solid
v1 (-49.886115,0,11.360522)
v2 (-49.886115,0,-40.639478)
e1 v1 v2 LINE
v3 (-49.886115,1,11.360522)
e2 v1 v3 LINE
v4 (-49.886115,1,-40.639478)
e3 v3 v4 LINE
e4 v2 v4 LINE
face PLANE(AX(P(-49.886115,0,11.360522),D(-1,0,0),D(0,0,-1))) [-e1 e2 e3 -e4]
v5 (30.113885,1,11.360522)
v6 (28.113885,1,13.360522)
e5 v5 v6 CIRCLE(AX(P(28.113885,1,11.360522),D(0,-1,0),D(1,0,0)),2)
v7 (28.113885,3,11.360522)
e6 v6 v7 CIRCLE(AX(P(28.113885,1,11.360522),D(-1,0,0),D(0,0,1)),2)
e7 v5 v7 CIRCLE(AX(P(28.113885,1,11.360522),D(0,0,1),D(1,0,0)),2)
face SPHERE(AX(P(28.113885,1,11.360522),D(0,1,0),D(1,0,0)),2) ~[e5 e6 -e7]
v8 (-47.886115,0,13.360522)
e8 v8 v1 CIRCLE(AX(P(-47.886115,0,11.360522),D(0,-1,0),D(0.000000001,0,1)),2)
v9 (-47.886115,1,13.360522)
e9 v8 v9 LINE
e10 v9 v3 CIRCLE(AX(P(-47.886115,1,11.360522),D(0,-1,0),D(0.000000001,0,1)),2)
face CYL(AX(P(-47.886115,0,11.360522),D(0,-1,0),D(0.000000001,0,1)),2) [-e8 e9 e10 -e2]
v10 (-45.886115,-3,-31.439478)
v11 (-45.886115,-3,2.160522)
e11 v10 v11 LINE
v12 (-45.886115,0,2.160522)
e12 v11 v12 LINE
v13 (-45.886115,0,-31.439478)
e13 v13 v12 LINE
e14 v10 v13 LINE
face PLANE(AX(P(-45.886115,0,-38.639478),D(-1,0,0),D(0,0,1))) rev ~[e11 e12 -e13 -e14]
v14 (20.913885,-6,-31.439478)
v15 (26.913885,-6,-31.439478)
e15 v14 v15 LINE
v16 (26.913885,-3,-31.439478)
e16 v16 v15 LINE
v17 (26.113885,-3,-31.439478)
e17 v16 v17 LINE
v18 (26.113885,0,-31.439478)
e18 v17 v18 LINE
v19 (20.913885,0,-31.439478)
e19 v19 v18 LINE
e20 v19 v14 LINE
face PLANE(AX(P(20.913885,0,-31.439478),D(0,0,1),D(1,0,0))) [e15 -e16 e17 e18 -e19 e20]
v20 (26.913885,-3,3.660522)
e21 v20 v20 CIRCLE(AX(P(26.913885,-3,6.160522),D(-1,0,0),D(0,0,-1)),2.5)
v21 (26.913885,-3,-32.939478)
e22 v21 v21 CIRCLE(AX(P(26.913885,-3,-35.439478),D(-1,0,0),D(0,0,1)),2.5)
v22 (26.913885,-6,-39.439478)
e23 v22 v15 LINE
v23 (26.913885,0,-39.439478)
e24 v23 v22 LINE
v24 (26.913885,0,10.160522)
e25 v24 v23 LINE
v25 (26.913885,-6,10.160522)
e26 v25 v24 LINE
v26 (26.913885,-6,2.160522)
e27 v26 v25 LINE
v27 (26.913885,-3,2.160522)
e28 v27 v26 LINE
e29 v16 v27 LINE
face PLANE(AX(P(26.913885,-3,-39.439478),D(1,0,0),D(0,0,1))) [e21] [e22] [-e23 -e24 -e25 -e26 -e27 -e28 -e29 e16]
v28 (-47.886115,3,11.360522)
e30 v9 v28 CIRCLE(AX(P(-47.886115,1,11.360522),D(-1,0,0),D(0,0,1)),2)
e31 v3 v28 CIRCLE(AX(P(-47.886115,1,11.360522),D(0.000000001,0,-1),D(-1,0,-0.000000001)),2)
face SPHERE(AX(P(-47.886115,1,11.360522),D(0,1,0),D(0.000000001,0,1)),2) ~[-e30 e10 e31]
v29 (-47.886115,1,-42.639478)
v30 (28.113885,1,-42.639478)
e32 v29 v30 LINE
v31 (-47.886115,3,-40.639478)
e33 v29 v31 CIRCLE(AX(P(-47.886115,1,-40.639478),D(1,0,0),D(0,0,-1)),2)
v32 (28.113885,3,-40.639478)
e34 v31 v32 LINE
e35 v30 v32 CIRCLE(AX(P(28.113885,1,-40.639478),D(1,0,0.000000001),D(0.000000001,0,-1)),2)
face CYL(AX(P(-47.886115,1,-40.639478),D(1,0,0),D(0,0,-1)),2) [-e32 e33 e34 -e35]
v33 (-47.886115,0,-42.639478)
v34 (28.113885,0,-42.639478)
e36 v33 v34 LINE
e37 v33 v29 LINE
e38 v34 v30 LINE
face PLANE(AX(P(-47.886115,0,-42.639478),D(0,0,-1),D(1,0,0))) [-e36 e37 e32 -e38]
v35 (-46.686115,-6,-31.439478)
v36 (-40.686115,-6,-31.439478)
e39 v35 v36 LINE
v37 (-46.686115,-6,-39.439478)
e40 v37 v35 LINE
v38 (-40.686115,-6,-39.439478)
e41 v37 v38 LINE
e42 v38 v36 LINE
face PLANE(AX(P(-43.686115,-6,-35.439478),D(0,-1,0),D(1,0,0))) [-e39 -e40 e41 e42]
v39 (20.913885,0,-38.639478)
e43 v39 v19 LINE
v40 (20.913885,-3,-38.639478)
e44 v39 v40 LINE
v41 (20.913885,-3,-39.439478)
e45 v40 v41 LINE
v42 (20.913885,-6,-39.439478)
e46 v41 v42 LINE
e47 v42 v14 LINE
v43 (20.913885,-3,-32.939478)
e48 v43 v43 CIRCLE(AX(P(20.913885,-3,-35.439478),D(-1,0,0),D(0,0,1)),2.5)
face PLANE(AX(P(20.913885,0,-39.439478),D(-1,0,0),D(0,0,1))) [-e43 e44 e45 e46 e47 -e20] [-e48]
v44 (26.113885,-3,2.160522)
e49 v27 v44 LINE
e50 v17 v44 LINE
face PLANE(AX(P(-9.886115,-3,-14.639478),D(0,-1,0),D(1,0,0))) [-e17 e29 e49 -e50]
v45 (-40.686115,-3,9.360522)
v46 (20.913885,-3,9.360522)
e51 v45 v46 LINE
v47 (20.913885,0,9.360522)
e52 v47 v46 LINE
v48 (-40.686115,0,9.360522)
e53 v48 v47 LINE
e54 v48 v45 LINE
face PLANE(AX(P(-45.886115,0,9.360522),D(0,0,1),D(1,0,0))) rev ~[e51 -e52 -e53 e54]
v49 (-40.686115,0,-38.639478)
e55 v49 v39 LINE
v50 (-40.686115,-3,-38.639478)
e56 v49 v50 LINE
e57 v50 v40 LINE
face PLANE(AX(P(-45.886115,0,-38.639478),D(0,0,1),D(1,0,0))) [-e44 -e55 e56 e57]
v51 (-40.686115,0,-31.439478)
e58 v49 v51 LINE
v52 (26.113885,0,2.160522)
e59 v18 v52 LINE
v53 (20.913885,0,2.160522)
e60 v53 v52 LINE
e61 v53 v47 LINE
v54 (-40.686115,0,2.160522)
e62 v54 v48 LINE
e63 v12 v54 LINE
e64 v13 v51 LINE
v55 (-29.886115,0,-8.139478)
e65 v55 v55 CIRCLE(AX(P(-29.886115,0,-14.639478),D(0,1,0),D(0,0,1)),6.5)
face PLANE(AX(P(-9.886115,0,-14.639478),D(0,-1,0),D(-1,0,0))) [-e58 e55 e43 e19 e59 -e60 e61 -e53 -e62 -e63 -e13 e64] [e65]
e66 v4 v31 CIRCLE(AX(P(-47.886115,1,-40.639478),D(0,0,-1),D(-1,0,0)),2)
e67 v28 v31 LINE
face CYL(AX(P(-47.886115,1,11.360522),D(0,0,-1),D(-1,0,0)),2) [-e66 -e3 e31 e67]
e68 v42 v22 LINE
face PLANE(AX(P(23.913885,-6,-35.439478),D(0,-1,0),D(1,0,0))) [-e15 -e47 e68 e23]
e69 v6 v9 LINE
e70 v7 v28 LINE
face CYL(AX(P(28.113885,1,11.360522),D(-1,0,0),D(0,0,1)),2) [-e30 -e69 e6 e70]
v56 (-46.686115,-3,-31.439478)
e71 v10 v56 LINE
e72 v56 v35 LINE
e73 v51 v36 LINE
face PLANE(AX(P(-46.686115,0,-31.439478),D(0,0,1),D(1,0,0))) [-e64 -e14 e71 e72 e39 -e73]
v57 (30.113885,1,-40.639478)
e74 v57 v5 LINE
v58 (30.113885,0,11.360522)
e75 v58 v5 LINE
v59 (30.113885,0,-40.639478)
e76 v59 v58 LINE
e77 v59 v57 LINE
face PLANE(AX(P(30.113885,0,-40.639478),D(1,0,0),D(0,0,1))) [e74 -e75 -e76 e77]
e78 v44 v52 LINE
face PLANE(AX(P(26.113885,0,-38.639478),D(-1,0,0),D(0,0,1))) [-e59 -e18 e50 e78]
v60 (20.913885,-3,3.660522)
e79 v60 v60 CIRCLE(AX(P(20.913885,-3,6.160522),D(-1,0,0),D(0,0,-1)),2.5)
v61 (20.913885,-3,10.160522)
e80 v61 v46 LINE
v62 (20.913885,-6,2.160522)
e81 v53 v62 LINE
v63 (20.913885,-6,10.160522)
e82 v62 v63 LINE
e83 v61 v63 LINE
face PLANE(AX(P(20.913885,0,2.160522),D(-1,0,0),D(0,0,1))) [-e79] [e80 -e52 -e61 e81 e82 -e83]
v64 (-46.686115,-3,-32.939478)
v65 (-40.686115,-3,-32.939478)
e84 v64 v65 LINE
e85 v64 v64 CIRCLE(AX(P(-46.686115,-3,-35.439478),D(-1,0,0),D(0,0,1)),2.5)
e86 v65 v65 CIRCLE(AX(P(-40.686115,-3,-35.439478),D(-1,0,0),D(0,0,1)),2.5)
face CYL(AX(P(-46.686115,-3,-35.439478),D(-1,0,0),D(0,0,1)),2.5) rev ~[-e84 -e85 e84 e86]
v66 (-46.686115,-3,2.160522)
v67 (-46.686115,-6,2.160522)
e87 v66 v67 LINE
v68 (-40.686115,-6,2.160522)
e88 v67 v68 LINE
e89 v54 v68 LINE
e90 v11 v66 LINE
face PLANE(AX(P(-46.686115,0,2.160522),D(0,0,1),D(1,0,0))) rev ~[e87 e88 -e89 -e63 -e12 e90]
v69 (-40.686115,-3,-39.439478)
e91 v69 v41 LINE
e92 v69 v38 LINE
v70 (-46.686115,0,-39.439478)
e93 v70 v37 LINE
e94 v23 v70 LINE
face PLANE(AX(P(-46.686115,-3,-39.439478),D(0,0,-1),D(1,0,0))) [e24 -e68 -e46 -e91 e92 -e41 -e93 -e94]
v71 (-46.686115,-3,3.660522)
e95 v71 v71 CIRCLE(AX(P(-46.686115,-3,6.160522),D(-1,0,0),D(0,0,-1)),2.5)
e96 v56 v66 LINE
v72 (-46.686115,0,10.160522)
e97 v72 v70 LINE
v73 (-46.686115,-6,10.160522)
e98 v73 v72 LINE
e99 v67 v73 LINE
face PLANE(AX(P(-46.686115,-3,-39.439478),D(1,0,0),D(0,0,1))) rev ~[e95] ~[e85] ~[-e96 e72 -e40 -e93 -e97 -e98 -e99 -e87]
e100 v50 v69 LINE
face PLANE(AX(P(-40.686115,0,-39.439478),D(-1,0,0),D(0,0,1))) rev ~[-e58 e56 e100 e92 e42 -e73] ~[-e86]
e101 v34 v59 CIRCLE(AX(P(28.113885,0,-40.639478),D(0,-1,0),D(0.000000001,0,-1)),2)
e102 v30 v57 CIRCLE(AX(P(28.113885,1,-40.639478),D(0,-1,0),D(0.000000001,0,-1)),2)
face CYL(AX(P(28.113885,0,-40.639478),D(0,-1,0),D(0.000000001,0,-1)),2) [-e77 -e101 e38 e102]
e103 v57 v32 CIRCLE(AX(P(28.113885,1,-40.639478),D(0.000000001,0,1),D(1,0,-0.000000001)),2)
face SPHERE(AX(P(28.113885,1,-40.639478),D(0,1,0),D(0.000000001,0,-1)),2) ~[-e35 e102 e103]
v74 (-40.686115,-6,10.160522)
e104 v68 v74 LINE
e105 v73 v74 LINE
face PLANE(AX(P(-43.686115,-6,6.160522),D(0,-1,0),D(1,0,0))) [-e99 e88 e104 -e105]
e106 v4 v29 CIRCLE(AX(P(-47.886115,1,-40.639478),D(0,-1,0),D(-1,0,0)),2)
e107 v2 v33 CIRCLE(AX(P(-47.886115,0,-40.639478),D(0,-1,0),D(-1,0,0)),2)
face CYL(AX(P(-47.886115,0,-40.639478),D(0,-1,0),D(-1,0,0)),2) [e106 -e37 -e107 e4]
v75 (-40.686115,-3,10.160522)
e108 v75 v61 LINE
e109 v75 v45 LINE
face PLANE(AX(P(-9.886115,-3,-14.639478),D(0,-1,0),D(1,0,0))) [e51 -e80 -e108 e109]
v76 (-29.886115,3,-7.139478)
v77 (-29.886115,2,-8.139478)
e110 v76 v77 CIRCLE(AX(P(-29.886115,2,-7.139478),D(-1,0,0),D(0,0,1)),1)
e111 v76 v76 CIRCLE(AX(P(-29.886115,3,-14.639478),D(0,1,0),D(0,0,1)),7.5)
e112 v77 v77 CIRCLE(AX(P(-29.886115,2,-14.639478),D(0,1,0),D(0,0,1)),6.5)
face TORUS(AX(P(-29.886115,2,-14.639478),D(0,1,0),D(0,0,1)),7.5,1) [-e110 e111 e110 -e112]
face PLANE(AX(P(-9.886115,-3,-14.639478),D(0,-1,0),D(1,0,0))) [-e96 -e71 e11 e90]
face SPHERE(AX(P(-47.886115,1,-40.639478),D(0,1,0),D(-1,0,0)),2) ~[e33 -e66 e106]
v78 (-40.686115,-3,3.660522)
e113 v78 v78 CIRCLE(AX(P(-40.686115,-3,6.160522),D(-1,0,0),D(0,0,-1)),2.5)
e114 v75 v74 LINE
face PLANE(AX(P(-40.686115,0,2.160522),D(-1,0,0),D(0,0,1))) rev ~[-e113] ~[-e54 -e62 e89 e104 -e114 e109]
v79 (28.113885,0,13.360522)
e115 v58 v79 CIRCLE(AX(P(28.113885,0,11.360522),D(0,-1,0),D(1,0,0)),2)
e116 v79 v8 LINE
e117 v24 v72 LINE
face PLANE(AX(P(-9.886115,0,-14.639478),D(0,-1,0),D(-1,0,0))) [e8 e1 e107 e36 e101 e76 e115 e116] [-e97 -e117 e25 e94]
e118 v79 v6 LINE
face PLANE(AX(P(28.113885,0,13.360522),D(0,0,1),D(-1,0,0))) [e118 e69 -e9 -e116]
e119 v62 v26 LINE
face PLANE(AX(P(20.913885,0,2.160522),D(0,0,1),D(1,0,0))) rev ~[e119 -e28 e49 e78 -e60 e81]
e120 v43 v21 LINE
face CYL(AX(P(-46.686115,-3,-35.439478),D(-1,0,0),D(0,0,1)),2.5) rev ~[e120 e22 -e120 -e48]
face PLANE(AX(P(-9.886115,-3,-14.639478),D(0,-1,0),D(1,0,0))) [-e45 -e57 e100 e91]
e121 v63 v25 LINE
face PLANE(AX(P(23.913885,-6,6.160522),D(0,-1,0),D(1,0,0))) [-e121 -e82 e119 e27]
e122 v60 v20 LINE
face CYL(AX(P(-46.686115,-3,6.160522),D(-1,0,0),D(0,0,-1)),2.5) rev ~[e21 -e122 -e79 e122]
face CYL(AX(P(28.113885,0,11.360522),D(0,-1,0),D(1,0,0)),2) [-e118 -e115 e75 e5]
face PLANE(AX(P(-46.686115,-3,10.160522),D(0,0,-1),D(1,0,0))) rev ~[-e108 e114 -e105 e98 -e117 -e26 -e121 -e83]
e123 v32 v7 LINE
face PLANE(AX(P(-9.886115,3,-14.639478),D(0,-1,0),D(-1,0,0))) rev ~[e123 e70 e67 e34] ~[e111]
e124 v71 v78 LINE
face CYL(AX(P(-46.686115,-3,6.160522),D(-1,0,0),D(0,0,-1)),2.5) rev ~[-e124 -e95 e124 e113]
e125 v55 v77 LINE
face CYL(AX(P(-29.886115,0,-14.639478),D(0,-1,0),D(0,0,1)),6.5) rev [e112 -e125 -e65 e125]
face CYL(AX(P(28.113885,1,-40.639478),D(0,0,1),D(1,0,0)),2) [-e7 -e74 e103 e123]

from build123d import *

# Parameters (mm, degrees)
SKETCH1_R           = 6.5
BOSS_EXTRUDE1_DEPTH = 3
FILLET1_R           = 2
SKETCH3_W           = 74
SKETCH3_H           = 50
SKETCH3_W_2         = 72
SKETCH3_H_2         = 48
BOSS_EXTRUDE2_DEPTH = 3
SKETCH4_W           = 74
SKETCH4_H           = 50
SKETCH4_W_2         = 73.6
SKETCH4_H_2         = 49.6
CUT_EXTRUDE1_DEPTH  = 3
FILLET2_R           = 1
SKETCH6_W           = 6
SKETCH6_H           = 8
BOSS_EXTRUDE3_DEPTH = 6
SKETCH7_R           = 2.5
CUT_EXTRUDE2_DEPTH  = 89.047516081


with BuildPart() as part:
    # Sketch1 → Boss-Extrude1 (new body)
    with BuildSketch(Plane(origin=(0, 0, 0), x_dir=(1, 0, 0), z_dir=(0, 1, 0))):
        with BuildLine():
            Line((-47.886115273, 42.639478046), (28.113884727, 42.639478046))
            ThreePointArc((28.113884727, 42.639478046), (29.528098289, 42.053691608), (30.113884727, 40.639478046))
            Line((30.113884727, 40.639478046), (30.113884727, -11.360521954))
            ThreePointArc((30.113884727, -11.360521954), (29.528098289, -12.774735517), (28.113884727, -13.360521954))
            Line((28.113884727, -13.360521954), (-47.886115273, -13.360521954))
            ThreePointArc((-47.886115273, -13.360521954), (-49.300328836, -12.774735517), (-49.886115273, -11.360521954))
            Line((-49.886115273, -11.360521954), (-49.886115273, 40.639478046))
            ThreePointArc((-49.886115273, 40.639478046), (-49.300328836, 42.053691608), (-47.886115273, 42.639478046))
        make_face()
        with Locations(Location((-29.886115273, 14.639478046, 0), (0, 0, 270))):
            Circle(SKETCH1_R, mode=Mode.SUBTRACT)
    extrude(amount=BOSS_EXTRUDE1_DEPTH)

    # Fillet1
    fillet1_edges = [part.edges().sort_by_distance(p)[0] for p in [
        (29.528098289, 3, -42.053691608),
        (-9.886115273, 3, -42.639478046),
        (-49.300328836, 3, -42.053691608),
        (-49.886115273, 3, -14.639478046),
        (-49.300328836, 3, 12.774735517),
        (-9.886115273, 3, 13.360521954),
        (29.528098289, 3, 12.774735517),
        (30.113884727, 3, -14.639478046),
    ]]
    fillet(fillet1_edges, radius=FILLET1_R)

    # Sketch3 → Boss-Extrude2 (add)
    with BuildSketch(Plane.XZ):
        with Locations((-9.886115273, -14.639478046)):
            Rectangle(SKETCH3_W, SKETCH3_H)
        with Locations((-9.886115273, -14.639478046)):
            Rectangle(SKETCH3_W_2, SKETCH3_H_2, mode=Mode.SUBTRACT)
    extrude(amount=BOSS_EXTRUDE2_DEPTH)

    # Sketch4 → Cut-Extrude1 (cut)
    with BuildSketch(Plane.XZ.offset(3)):
        with Locations((-9.886115273, -14.639478046)):
            Rectangle(SKETCH4_W, SKETCH4_H)
        with Locations((-9.886115273, -14.639478046)):
            Rectangle(SKETCH4_W_2, SKETCH4_H_2, mode=Mode.SUBTRACT)
    extrude(amount=-CUT_EXTRUDE1_DEPTH, mode=Mode.SUBTRACT)

    # Fillet2
    fillet2_edges = [part.edges().sort_by_distance(p)[0] for p in [
        (-29.886115273, 3, -21.139478046),
    ]]
    fillet(fillet2_edges, radius=FILLET2_R)

    # Sketch6 → Boss-Extrude3 (add)
    with BuildSketch(Plane.XZ):
        with Locations((-43.686115273, 6.160521954)):
            Rectangle(SKETCH6_W, SKETCH6_H)
        with Locations((23.913884727, 6.160521954)):
            Rectangle(SKETCH6_W, SKETCH6_H)
        with Locations((23.913884727, -35.439478046)):
            Rectangle(SKETCH6_W, SKETCH6_H)
        with Locations((-43.686115273, -35.439478046)):
            Rectangle(SKETCH6_W, SKETCH6_H)
    extrude(amount=BOSS_EXTRUDE3_DEPTH)

    # Sketch7 → Cut-Extrude2 (cut, through all)
    with BuildSketch(Plane.ZY.offset(46.686115273)):
        with Locations((-35.439478046, -3)):
            Circle(SKETCH7_R)
        with Locations(Location((6.160521954, -3, 0), (0, 0, 180))):
            Circle(SKETCH7_R)
    extrude(amount=-CUT_EXTRUDE2_DEPTH, mode=Mode.SUBTRACT)


solid = part.part
